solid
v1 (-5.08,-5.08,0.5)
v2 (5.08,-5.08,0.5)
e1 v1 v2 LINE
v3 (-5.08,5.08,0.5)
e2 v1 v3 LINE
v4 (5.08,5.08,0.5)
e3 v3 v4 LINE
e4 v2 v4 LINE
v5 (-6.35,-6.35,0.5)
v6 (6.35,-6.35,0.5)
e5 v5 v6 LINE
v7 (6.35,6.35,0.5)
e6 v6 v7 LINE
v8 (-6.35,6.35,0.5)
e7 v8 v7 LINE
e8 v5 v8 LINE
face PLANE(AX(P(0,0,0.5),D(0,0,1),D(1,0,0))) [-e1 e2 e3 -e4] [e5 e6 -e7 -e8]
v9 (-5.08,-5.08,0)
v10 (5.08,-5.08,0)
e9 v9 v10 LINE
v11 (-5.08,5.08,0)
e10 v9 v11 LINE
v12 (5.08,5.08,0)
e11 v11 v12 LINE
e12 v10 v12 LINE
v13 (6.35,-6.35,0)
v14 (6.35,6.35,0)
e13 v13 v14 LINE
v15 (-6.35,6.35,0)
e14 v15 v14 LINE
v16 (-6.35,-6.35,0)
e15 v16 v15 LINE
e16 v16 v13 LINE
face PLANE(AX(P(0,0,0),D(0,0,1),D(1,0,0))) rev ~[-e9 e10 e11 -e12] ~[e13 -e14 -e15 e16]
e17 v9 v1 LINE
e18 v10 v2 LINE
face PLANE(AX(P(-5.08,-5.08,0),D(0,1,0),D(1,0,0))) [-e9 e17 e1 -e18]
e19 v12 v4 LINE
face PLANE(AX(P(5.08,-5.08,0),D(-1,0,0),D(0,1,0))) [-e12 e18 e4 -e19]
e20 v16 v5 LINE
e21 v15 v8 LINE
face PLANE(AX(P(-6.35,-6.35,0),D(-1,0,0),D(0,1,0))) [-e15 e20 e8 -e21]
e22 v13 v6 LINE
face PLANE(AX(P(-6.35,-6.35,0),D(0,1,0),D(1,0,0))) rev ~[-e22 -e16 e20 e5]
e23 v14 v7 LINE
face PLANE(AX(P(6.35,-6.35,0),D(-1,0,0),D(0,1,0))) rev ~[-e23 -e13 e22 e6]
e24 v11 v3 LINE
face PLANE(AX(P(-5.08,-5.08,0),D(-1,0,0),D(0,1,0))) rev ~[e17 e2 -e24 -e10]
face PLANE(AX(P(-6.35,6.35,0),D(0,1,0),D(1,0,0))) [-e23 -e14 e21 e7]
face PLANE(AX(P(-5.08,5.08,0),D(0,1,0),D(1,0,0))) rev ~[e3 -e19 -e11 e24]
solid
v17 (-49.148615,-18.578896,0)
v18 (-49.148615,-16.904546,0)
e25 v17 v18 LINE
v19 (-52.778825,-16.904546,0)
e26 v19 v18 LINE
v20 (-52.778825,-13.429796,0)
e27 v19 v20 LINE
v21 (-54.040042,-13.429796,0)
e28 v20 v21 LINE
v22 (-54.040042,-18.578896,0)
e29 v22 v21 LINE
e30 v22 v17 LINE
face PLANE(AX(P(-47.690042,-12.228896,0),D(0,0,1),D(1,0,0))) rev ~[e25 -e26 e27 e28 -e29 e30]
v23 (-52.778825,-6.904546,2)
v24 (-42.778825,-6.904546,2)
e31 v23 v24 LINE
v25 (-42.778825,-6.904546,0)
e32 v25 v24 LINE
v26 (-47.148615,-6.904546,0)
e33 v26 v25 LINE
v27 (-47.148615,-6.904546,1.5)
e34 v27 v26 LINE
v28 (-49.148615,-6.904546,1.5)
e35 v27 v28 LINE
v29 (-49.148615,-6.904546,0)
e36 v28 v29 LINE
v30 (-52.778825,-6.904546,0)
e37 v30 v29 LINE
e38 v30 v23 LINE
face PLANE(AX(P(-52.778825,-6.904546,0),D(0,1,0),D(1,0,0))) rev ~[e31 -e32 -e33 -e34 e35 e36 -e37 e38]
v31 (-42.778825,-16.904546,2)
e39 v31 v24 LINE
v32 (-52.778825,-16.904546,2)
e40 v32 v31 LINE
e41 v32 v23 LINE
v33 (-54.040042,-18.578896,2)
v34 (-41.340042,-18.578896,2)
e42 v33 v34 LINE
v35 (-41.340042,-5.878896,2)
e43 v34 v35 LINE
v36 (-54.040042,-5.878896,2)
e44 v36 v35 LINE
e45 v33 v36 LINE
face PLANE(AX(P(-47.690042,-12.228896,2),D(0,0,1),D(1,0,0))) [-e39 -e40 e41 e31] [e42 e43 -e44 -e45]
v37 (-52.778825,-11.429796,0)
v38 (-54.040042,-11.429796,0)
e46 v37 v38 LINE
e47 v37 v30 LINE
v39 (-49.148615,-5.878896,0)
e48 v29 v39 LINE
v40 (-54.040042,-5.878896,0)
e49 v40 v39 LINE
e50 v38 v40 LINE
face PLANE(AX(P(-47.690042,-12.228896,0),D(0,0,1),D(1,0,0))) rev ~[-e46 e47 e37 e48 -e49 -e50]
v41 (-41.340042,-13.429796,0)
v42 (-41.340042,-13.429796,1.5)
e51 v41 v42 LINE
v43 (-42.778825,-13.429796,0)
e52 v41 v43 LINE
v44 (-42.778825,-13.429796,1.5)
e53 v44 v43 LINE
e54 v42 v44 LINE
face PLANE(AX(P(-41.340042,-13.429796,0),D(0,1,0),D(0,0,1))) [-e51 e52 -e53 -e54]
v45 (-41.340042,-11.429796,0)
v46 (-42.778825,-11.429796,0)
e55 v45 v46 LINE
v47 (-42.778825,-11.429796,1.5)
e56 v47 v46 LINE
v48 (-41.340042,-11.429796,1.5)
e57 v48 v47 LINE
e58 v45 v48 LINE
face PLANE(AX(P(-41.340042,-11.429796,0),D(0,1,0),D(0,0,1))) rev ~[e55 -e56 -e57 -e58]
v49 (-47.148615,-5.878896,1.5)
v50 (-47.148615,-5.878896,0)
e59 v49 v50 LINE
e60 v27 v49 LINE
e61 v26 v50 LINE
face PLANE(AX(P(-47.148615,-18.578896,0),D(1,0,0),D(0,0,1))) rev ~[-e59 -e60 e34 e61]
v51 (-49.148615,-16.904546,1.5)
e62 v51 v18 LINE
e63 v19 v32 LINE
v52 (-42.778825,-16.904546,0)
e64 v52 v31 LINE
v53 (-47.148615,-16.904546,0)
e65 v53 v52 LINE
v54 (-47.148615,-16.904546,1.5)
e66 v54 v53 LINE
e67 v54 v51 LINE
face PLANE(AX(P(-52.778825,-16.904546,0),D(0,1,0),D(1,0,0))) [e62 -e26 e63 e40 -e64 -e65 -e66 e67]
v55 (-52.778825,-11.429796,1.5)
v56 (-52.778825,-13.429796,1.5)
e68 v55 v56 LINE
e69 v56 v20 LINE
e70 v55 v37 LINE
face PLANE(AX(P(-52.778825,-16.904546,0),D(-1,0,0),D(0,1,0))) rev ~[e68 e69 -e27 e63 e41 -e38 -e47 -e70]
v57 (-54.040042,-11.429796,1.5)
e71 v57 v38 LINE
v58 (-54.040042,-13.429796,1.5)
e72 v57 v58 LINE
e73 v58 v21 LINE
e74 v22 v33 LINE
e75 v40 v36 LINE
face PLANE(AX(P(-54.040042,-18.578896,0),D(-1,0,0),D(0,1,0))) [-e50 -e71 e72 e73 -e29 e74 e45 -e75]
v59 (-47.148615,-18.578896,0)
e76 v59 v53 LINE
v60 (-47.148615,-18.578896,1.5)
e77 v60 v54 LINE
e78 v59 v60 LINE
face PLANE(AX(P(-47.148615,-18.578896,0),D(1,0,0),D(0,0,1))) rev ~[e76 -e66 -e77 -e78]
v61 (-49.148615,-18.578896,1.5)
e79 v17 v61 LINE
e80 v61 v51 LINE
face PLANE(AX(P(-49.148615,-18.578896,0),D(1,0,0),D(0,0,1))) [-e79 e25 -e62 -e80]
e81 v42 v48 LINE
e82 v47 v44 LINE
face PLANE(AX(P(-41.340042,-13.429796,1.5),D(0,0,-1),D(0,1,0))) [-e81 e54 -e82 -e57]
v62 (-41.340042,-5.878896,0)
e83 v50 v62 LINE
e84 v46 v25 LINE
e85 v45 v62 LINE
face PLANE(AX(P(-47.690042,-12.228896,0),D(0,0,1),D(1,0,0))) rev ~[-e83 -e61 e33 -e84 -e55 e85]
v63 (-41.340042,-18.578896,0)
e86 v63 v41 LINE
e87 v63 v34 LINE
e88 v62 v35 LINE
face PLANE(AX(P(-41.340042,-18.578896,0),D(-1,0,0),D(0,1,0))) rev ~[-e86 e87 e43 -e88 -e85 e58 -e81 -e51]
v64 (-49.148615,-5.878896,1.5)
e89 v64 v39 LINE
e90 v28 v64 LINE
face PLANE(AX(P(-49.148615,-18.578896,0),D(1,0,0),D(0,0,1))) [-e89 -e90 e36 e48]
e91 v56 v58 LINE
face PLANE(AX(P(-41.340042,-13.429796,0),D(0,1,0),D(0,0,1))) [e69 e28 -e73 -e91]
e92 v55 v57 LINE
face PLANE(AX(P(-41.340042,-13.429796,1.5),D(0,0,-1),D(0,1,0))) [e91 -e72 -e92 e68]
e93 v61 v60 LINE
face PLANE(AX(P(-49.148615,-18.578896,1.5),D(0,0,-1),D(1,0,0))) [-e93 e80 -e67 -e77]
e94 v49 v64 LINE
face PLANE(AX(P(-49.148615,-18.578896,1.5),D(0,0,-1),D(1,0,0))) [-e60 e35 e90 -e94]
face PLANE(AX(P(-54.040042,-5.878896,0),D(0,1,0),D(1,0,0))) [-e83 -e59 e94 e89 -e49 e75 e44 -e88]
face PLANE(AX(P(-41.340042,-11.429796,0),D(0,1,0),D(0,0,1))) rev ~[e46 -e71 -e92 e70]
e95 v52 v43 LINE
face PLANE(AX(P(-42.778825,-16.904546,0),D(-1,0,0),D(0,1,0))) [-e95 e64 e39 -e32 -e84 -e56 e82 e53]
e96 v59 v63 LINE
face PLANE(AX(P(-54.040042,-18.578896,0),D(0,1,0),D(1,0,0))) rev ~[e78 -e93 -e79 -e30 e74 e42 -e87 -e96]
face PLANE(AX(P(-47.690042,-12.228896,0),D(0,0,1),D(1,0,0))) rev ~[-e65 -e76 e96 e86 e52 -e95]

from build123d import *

# Parameters (mm, degrees)
F0_W     = 12.7
F0_H     = 12.7
F0_W_2   = 10.16
F0_H_2   = 10.16
F1_DEPTH = 0.5
F2_W     = 12.7
F2_H     = 12.7
F2_W_2   = 10
F2_H_2   = 10
F3_DEPTH = 2
F4_W     = 2
F4_H     = 1.5
F5_DEPTH = 25
F6_W     = 2
F6_H     = 1.5
F7_DEPTH = 25


with BuildPart() as f1:
    # F0 (on Top) → F1 (new body)
    with BuildSketch(Plane.XY):
        Rectangle(F0_W, F0_H)
        Rectangle(F0_W_2, F0_H_2, mode=Mode.SUBTRACT)
    extrude(amount=F1_DEPTH)


with BuildPart() as f3:
    # F2 (on Top) → F3 (new body)
    with BuildSketch(Plane.XY):
        with Locations((-47.690042, -12.228896)):
            Rectangle(F2_W, F2_H)
        with Locations((-47.778825, -11.904546)):
            Rectangle(F2_W_2, F2_H_2, mode=Mode.SUBTRACT)
    extrude(amount=F3_DEPTH)

    # F4 (on face) → F5 (cut)
    with BuildSketch(Plane.YZ.offset(-41.340042)):
        with Locations((-12.429796, 0.75)):
            Rectangle(F4_W, F4_H)
    extrude(amount=-F5_DEPTH, mode=Mode.SUBTRACT)

    # F6 (on face) → F7 (cut)
    with BuildSketch(Plane.XZ.offset(18.578896)):
        with Locations((-48.148615, 0.75)):
            Rectangle(F6_W, F6_H)
    extrude(amount=-F7_DEPTH, mode=Mode.SUBTRACT)


solid = Compound([f1.part, f3.part])
